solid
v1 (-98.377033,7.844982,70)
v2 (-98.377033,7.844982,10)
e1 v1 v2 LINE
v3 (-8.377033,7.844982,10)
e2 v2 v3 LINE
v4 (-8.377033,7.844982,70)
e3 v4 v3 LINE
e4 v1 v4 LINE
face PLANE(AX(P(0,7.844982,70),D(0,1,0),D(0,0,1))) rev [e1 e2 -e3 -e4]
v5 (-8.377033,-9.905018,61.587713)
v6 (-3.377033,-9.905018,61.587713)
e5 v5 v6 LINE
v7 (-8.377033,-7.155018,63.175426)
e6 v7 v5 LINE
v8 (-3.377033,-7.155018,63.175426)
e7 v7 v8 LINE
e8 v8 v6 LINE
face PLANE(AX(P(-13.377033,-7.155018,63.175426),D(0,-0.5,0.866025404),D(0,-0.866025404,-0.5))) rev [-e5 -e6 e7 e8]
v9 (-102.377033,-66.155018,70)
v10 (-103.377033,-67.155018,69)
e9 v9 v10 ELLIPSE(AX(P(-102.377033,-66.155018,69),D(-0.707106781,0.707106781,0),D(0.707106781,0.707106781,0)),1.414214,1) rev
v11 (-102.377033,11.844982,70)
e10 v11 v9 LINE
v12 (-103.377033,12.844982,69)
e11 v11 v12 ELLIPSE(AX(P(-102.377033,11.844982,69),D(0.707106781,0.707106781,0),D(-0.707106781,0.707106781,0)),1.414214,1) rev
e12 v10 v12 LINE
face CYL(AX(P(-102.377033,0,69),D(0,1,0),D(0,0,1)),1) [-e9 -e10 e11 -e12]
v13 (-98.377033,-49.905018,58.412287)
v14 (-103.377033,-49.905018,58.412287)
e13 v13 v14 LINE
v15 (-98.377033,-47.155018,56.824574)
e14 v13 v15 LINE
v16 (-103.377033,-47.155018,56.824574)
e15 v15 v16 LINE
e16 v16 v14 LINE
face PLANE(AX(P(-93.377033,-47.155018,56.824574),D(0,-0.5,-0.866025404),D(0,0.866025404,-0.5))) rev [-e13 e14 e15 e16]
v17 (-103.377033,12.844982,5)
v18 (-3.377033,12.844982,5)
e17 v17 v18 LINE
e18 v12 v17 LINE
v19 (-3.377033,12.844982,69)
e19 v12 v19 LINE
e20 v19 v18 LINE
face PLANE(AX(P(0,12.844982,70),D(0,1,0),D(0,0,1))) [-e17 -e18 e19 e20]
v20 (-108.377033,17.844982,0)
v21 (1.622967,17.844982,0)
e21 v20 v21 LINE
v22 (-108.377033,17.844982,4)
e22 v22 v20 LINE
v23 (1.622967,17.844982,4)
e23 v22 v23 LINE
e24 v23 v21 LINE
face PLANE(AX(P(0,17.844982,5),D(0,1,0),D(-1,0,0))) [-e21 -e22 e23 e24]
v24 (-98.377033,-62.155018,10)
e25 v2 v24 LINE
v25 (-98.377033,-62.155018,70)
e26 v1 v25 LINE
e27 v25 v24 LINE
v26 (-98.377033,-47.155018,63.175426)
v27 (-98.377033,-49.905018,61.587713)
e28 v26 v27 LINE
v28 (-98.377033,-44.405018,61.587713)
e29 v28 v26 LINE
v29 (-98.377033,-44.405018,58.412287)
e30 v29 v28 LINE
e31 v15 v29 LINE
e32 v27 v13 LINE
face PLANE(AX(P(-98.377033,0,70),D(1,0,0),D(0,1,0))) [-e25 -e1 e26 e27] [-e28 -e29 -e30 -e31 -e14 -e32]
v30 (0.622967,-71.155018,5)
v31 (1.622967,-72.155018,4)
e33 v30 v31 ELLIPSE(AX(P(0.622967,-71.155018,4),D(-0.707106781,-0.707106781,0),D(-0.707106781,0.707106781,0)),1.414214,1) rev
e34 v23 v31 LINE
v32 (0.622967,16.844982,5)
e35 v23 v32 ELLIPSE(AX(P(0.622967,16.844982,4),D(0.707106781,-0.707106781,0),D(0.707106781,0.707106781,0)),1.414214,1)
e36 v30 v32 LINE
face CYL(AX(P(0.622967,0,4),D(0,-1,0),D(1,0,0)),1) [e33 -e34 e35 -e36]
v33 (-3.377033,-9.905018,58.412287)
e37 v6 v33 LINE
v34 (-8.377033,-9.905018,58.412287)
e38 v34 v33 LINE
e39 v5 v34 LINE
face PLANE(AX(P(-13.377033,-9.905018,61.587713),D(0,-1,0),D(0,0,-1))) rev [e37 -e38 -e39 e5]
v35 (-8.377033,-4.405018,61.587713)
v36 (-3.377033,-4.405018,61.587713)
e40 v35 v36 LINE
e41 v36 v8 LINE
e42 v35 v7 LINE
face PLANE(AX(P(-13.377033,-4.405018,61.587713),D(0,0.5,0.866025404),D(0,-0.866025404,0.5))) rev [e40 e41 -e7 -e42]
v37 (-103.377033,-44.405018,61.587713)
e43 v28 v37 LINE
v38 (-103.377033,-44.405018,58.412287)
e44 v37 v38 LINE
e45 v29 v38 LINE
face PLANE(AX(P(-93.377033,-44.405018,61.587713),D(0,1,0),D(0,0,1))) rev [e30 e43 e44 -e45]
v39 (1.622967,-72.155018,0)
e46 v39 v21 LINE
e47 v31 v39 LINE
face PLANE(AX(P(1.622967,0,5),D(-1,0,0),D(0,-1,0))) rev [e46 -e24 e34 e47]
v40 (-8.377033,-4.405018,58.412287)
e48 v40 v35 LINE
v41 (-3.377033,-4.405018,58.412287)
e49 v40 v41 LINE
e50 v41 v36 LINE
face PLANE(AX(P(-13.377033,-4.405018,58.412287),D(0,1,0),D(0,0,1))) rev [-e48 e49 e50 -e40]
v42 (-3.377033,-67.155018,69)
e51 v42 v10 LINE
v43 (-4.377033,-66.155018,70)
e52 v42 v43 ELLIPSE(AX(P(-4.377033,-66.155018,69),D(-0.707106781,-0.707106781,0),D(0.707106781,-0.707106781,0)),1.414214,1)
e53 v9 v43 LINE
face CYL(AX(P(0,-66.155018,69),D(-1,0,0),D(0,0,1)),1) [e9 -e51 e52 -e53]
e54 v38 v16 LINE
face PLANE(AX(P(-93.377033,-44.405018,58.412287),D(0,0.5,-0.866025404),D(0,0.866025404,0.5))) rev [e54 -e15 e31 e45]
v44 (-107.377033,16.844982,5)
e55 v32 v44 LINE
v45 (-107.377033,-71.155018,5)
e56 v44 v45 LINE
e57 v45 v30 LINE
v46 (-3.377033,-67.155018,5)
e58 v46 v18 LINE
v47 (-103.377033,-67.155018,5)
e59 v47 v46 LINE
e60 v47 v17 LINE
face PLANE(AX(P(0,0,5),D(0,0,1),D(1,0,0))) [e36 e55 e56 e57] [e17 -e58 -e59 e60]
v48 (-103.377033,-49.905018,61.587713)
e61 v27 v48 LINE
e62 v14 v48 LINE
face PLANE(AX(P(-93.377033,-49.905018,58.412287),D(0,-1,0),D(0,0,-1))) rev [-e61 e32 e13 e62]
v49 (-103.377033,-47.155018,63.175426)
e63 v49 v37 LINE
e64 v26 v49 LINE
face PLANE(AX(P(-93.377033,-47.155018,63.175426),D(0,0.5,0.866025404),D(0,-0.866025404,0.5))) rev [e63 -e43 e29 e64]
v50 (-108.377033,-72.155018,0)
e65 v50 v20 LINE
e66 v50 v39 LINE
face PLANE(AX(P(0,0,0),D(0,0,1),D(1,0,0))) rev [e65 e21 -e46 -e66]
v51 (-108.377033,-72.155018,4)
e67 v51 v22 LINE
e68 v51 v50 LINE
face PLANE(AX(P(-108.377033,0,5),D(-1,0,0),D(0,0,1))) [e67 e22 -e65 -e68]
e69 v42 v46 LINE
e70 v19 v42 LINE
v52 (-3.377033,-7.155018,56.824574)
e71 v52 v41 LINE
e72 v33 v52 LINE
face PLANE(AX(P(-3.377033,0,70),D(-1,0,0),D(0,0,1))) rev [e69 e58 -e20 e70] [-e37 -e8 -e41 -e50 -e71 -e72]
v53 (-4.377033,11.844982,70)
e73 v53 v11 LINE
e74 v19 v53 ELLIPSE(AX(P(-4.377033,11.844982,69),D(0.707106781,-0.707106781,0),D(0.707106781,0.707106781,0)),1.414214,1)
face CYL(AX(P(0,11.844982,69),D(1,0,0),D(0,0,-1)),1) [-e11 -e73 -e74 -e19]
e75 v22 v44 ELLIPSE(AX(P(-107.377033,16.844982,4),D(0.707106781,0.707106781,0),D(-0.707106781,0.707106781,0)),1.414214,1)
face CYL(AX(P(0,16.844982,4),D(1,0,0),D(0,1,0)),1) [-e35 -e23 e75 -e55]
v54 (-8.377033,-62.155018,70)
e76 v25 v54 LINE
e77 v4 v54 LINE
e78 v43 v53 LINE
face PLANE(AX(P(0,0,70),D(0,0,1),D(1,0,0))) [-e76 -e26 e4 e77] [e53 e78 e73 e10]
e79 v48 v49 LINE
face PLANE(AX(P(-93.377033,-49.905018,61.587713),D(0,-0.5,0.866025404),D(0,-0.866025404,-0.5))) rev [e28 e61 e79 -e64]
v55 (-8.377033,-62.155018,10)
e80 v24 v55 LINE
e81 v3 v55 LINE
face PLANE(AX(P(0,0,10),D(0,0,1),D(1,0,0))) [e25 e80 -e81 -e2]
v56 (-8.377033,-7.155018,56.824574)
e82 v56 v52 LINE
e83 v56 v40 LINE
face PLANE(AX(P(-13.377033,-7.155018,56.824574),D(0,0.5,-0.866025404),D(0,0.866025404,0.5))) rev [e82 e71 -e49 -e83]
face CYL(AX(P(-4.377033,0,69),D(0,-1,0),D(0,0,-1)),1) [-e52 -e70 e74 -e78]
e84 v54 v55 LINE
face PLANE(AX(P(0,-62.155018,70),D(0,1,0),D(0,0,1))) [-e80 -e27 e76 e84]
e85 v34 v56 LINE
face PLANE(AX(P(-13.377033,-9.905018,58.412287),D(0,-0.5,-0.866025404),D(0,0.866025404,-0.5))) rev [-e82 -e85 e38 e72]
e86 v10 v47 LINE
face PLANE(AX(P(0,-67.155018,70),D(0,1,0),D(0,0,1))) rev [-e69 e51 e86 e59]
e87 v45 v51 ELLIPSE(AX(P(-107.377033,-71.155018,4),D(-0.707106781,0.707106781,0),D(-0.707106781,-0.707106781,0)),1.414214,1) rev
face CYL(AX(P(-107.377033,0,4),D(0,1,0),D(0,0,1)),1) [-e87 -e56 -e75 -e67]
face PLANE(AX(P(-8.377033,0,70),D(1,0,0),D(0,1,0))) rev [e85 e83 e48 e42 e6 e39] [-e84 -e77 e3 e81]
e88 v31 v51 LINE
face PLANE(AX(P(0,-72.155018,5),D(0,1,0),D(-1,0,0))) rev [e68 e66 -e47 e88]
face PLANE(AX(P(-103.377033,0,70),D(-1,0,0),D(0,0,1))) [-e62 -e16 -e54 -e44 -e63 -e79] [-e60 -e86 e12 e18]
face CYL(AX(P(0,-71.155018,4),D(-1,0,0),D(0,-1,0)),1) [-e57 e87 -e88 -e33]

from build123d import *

# Parameters (mm, degrees)
ESQUISSE1_W             = 110
ESQUISSE1_H             = 90
ESQUISSE1_W_2           = 100
ESQUISSE1_H_2           = 80
BOSS_EXTRU_1_DEPTH      = 5
ESQUISSE1_32_W          = 100
ESQUISSE1_32_H          = 80
ESQUISSE1_32_W_2        = 90
ESQUISSE1_32_H_2        = 70
BOSS_EXTRU_2_DEPTH      = 70
ESQUISSE1_33_W          = 90
ESQUISSE1_33_H          = 70
BOSS_EXTRU_3_DEPTH      = 10
ENL_V_MAT_EXTRU_3_DEPTH = 10
ENL_V_MAT_EXTRU_4_DEPTH = 10
CONG_1_R                = 1
CONG_2_R                = 1


with BuildPart() as part:
    # Esquisse1 → Boss.-Extru.1 (new body)
    with BuildSketch(Plane.XY):
        with Locations((-53.377032771, -27.155018472)):
            Rectangle(ESQUISSE1_W, ESQUISSE1_H)
        with Locations((-53.377032771, -27.155018472)):
            Rectangle(ESQUISSE1_W_2, ESQUISSE1_H_2, mode=Mode.SUBTRACT)
    extrude(amount=BOSS_EXTRU_1_DEPTH)

    # Esquisse1<32> → Boss.-Extru.2 (add)
    with BuildSketch(Plane.XY):
        with Locations((-53.377032771, -27.155018472)):
            Rectangle(ESQUISSE1_32_W, ESQUISSE1_32_H)
        with Locations((-53.377032771, -27.155018472)):
            Rectangle(ESQUISSE1_32_W_2, ESQUISSE1_32_H_2, mode=Mode.SUBTRACT)
    extrude(amount=BOSS_EXTRU_2_DEPTH)

    # Esquisse1<33> → Boss.-Extru.3 (add)
    with BuildSketch(Plane.XY):
        with Locations((-53.377032771, -27.155018472)):
            Rectangle(ESQUISSE1_33_W, ESQUISSE1_33_H)
    extrude(amount=BOSS_EXTRU_3_DEPTH)

    # Esquisse11 → Enlèv. mat.-Extru.3 (cut)
    with BuildSketch(Plane(origin=(-3.377032771, 0, 0), x_dir=(0, 0, -1), z_dir=(1, 0, 0))):
        Polygon((-56.824573519, -7.155018472), (-58.41228676, -4.405018472), (-61.58771324, -4.405018472), (-63.175426481, -7.155018472), (-61.58771324, -9.905018472), (-58.41228676, -9.905018472), align=None)
    extrude(amount=-ENL_V_MAT_EXTRU_3_DEPTH, mode=Mode.SUBTRACT)

    # Esquisse13 → Enlèv. mat.-Extru.4 (cut)
    with BuildSketch(Plane.ZY.offset(103.377032771)):
        Polygon((63.175426481, -47.155018472), (61.58771324, -44.405018472), (58.41228676, -44.405018472), (56.824573519, -47.155018472), (58.41228676, -49.905018472), (61.58771324, -49.905018472), align=None)
    extrude(amount=-ENL_V_MAT_EXTRU_4_DEPTH, mode=Mode.SUBTRACT)

    # Congé1
    cong_1_edges = [part.edges().sort_by_distance(p)[0] for p in [
        (-53.377032771, 12.844981528, 70),
        (-103.377032771, -27.155018472, 70),
        (-53.377032771, -67.155018472, 70),
        (-3.377032771, -27.155018472, 70),
    ]]
    fillet(cong_1_edges, radius=CONG_1_R)

    # Congé2
    cong_2_edges = [part.edges().sort_by_distance(p)[0] for p in [
        (-53.377032771, -72.155018472, 5),
        (1.622967229, -27.155018472, 5),
        (-53.377032771, 17.844981528, 5),
        (-108.377032771, -27.155018472, 5),
    ]]
    fillet(cong_2_edges, radius=CONG_2_R)


solid = part.part
